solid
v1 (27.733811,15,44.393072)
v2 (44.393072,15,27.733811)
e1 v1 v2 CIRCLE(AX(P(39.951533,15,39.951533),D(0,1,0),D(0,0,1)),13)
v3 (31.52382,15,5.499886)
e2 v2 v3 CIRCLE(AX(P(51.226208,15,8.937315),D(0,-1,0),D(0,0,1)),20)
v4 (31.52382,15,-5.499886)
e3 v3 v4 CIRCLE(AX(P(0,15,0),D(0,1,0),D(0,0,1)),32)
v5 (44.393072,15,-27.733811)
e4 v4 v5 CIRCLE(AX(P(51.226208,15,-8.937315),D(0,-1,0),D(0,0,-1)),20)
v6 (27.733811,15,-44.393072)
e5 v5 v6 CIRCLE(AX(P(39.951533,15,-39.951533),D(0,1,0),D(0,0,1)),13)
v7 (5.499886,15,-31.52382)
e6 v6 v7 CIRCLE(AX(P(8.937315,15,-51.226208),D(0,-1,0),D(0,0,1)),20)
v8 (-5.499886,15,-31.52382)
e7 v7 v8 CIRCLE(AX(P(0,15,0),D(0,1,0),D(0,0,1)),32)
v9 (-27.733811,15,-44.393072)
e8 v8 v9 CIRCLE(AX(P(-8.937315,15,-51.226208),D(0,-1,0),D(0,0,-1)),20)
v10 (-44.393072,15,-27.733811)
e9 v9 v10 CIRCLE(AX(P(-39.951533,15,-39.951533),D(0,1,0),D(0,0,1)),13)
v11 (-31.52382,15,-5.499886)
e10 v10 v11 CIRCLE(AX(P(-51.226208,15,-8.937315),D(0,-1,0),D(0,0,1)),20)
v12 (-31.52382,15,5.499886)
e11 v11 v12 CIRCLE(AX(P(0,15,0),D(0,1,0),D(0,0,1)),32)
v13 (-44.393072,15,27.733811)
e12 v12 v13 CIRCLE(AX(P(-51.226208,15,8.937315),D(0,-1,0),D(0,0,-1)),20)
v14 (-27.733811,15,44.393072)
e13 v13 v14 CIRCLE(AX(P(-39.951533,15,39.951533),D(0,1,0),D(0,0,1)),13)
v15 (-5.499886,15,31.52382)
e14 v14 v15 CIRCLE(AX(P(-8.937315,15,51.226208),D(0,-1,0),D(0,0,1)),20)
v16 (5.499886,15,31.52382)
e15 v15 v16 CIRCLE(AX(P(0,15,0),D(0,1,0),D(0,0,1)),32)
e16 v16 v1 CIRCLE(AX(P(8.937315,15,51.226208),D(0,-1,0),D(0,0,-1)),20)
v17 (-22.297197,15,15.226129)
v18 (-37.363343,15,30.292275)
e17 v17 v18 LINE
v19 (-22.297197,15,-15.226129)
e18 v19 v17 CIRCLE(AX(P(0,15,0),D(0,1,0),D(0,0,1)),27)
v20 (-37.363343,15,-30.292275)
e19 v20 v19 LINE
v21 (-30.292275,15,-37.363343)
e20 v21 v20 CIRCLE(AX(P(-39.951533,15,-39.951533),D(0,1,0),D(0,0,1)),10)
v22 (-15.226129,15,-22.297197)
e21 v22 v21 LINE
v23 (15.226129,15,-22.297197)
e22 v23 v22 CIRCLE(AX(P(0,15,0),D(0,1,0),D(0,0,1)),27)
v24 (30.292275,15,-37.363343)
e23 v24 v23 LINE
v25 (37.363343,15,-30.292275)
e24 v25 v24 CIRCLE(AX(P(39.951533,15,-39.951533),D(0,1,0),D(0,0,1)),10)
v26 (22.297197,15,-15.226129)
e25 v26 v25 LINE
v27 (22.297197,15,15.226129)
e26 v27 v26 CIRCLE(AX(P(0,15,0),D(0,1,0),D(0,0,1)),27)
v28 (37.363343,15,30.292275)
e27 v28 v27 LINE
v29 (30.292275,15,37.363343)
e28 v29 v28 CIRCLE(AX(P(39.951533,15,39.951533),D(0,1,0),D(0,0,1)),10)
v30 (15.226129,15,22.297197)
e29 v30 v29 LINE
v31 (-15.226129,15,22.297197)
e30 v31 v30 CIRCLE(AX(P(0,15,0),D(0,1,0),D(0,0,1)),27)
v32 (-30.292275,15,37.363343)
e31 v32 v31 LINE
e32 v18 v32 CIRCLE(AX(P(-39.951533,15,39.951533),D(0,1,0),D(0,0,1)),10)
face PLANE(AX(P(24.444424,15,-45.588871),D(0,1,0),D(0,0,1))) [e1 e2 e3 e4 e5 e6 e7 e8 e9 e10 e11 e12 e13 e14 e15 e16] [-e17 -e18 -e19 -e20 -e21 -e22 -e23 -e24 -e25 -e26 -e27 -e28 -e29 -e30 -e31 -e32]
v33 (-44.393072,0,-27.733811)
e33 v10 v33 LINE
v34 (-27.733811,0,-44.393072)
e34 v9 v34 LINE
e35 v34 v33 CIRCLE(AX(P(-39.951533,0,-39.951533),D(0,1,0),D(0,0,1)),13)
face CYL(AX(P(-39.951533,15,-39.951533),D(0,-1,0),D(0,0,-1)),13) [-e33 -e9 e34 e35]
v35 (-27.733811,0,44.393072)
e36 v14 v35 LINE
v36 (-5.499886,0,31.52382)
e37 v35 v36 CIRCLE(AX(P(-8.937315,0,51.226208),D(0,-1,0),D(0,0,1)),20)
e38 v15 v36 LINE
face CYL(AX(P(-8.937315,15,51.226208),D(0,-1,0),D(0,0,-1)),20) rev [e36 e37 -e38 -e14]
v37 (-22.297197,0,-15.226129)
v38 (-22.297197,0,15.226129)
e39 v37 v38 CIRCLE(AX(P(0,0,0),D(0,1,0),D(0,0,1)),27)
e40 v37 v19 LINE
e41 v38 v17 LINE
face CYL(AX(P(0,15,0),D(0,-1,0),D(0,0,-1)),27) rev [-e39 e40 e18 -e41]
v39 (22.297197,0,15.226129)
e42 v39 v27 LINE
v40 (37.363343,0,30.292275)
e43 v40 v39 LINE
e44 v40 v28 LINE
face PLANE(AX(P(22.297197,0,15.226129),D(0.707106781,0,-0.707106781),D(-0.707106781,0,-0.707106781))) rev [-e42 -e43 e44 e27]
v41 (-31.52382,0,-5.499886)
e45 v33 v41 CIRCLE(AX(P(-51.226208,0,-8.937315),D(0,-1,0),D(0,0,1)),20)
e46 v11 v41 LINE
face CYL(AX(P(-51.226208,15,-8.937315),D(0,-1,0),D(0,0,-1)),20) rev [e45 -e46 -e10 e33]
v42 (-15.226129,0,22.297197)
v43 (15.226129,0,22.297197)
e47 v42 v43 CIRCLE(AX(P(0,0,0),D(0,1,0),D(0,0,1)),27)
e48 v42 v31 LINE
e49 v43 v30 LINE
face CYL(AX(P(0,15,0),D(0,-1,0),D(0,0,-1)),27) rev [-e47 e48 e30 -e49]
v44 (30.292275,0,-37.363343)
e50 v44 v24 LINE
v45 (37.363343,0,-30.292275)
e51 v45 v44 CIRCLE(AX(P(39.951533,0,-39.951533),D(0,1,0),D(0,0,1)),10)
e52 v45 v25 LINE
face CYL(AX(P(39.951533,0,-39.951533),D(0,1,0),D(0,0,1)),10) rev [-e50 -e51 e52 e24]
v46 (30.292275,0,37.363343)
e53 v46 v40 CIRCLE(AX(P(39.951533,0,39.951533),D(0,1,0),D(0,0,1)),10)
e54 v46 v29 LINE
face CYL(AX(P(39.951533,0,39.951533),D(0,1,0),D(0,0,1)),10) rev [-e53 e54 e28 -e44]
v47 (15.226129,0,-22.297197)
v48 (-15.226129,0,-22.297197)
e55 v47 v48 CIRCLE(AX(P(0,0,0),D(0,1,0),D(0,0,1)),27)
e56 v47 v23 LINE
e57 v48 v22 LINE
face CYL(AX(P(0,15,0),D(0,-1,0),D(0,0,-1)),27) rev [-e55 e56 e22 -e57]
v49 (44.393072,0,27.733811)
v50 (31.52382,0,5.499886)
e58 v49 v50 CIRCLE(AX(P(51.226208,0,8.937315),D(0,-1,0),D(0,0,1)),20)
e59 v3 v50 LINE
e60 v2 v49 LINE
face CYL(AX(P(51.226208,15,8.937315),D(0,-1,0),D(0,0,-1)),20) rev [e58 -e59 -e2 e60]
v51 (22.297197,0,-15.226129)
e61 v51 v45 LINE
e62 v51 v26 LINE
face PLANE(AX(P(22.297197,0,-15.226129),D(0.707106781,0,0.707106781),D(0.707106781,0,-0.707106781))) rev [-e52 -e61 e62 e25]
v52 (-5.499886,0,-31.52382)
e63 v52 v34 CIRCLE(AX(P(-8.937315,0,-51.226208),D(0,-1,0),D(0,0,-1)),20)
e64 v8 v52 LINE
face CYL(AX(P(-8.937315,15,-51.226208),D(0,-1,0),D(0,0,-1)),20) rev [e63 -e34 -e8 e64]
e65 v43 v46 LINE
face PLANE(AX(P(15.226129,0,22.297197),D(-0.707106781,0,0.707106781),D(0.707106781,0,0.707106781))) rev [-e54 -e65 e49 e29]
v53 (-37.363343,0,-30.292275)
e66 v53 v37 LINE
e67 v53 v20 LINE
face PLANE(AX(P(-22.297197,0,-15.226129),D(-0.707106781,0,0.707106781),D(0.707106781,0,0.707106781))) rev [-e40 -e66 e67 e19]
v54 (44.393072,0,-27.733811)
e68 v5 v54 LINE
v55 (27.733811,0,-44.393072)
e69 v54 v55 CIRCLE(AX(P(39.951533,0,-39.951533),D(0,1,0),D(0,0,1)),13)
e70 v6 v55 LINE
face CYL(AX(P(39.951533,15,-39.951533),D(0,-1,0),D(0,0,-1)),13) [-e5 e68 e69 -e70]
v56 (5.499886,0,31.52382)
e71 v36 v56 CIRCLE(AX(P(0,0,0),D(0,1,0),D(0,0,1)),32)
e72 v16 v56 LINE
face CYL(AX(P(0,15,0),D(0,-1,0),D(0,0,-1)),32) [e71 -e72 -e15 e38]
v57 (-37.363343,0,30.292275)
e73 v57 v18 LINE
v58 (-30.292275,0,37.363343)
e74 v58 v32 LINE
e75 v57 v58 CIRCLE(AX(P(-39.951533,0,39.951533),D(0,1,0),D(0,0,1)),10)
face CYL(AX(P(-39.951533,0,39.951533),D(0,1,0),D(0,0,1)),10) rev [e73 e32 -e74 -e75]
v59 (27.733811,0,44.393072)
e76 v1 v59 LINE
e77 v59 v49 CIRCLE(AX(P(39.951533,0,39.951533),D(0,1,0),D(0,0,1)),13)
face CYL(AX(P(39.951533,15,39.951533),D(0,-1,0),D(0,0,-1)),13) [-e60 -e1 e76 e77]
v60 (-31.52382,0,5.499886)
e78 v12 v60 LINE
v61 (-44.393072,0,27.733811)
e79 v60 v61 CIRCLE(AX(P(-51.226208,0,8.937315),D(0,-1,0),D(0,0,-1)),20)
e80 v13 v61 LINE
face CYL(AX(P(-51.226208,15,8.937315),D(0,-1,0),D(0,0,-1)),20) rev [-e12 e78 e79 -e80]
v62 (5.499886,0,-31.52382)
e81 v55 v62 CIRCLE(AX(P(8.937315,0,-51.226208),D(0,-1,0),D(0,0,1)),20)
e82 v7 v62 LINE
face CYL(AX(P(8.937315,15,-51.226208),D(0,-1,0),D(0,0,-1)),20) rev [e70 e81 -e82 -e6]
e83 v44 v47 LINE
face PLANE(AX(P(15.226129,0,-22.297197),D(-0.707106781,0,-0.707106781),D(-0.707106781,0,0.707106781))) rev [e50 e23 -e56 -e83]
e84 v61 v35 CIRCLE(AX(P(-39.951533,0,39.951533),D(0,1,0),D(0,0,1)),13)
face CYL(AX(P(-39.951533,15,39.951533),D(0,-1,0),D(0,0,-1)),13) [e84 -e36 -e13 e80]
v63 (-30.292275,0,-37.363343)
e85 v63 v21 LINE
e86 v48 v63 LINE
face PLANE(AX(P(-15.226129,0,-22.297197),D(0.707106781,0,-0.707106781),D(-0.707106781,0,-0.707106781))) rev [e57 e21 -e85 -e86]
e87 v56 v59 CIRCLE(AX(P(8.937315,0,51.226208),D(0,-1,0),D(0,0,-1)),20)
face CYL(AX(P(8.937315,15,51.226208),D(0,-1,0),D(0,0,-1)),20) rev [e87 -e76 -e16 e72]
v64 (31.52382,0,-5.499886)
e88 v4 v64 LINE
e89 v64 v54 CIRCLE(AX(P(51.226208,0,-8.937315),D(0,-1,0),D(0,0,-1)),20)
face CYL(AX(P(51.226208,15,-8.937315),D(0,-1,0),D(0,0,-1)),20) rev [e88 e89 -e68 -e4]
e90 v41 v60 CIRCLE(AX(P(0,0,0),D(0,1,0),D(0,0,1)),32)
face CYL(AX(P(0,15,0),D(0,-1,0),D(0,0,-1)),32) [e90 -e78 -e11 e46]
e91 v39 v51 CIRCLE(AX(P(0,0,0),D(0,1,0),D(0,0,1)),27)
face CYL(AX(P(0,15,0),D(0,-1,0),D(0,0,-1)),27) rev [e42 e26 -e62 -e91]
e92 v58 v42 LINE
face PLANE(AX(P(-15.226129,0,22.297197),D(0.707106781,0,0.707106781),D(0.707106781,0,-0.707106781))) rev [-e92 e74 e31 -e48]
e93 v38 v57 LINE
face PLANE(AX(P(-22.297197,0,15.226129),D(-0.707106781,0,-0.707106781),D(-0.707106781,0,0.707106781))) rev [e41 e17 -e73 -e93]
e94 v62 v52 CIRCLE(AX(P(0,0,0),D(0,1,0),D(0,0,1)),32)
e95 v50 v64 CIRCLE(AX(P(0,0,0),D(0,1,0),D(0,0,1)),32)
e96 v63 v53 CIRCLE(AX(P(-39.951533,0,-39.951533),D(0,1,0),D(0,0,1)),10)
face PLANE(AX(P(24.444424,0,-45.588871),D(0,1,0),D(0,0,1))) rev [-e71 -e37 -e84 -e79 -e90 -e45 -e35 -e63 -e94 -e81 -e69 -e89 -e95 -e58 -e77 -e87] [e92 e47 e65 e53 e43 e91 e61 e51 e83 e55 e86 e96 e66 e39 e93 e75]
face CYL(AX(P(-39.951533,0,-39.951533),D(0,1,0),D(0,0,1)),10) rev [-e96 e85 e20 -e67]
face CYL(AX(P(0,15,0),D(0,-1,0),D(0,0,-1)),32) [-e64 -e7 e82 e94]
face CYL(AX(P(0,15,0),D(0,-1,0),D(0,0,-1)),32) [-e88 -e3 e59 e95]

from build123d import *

# Parameters (mm, degrees)
SKETCH1_R           = 27
BOSS_EXTRUDE1_DEPTH = 15
CUT_EXTRUDE1_START  = -15
CUT_EXTRUDE1_DEPTH  = 15


with BuildPart() as part:
    # Sketch1 → Boss-Extrude1 (new body)
    with BuildSketch(Plane(origin=(0, 0, 0), x_dir=(1, 0, 0), z_dir=(0, 1, 0))):
        with BuildLine():
            ThreePointArc((-31.523820357, 5.499886369), (-32, 0), (-31.523820357, -5.499886369))
            ThreePointArc((-31.523820357, -5.499886369), (-33.916662735, -18.956279365), (-44.393071751, -27.733810979))
            ThreePointArc((-44.393071751, -27.733810979), (-49.143921292, -49.143921292), (-27.733810979, -44.393071751))
            ThreePointArc((-27.733810979, -44.393071751), (-18.956279365, -33.916662735), (-5.499886369, -31.523820357))
            ThreePointArc((-5.499886369, -31.523820357), (0, -32), (5.499886369, -31.523820357))
            ThreePointArc((5.499886369, -31.523820357), (18.956279365, -33.916662735), (27.733810979, -44.393071751))
            ThreePointArc((27.733810979, -44.393071751), (49.143921292, -49.143921292), (44.393071751, -27.733810979))
            ThreePointArc((44.393071751, -27.733810979), (33.916662735, -18.956279365), (31.523820357, -5.499886369))
            ThreePointArc((31.523820357, -5.499886369), (32, 0), (31.523820357, 5.499886369))
            ThreePointArc((31.523820357, 5.499886369), (33.916662735, 18.956279365), (44.393071751, 27.733810979))
            ThreePointArc((44.393071751, 27.733810979), (49.143921292, 49.143921292), (27.733810979, 44.393071751))
            ThreePointArc((27.733810979, 44.393071751), (18.956279365, 33.916662735), (5.499886369, 31.523820357))
            ThreePointArc((5.499886369, 31.523820357), (0, 32), (-5.499886369, 31.523820357))
            ThreePointArc((-5.499886369, 31.523820357), (-18.956279365, 33.916662735), (-27.733810979, 44.393071751))
            ThreePointArc((-27.733810979, 44.393071751), (-49.143921292, 49.143921292), (-44.393071751, 27.733810979))
            ThreePointArc((-44.393071751, 27.733810979), (-33.916662735, 18.956279365), (-31.523820357, 5.499886369))
        make_face()
        with Locations(Location((0, 0, 0), (0, 0, 270))):
            Circle(SKETCH1_R, mode=Mode.SUBTRACT)
    extrude(amount=BOSS_EXTRUDE1_DEPTH)

    # Sketch2 → Cut-Extrude1 (cut)
    with BuildSketch(Plane(origin=(0, 15, 0), x_dir=(1, 0, 0), z_dir=(0, 1, 0)).offset(CUT_EXTRUDE1_START)):
        with BuildLine():
            Line((15.226129133, 22.297196945), (30.292274874, 37.363342686))
            ThreePointArc((30.292274874, 37.363342686), (47.022600949, 47.022600949), (37.363342686, 30.292274874))
            Line((37.363342686, 30.292274874), (22.297196945, 15.226129133))
            ThreePointArc((22.297196945, 15.226129133), (27, 0), (22.297196945, -15.226129133))
            Line((22.297196945, -15.226129133), (37.363342686, -30.292274874))
            ThreePointArc((37.363342686, -30.292274874), (47.022600949, -47.022600949), (30.292274874, -37.363342686))
            Line((30.292274874, -37.363342686), (15.226129133, -22.297196945))
            ThreePointArc((15.226129133, -22.297196945), (0, -27), (-15.226129133, -22.297196945))
            Line((-15.226129133, -22.297196945), (-30.292274874, -37.363342686))
            ThreePointArc((-30.292274874, -37.363342686), (-47.022600949, -47.022600949), (-37.363342686, -30.292274874))
            Line((-37.363342686, -30.292274874), (-22.297196945, -15.226129133))
            ThreePointArc((-22.297196945, -15.226129133), (-27, 0), (-22.297196945, 15.226129133))
            Line((-22.297196945, 15.226129133), (-37.363342686, 30.292274874))
            ThreePointArc((-37.363342686, 30.292274874), (-47.022600949, 47.022600949), (-30.292274874, 37.363342686))
            Line((-30.292274874, 37.363342686), (-15.226129133, 22.297196945))
            ThreePointArc((-15.226129133, 22.297196945), (0, 27), (15.226129133, 22.297196945))
        make_face()
    extrude(amount=CUT_EXTRUDE1_DEPTH, mode=Mode.SUBTRACT)


solid = part.part
